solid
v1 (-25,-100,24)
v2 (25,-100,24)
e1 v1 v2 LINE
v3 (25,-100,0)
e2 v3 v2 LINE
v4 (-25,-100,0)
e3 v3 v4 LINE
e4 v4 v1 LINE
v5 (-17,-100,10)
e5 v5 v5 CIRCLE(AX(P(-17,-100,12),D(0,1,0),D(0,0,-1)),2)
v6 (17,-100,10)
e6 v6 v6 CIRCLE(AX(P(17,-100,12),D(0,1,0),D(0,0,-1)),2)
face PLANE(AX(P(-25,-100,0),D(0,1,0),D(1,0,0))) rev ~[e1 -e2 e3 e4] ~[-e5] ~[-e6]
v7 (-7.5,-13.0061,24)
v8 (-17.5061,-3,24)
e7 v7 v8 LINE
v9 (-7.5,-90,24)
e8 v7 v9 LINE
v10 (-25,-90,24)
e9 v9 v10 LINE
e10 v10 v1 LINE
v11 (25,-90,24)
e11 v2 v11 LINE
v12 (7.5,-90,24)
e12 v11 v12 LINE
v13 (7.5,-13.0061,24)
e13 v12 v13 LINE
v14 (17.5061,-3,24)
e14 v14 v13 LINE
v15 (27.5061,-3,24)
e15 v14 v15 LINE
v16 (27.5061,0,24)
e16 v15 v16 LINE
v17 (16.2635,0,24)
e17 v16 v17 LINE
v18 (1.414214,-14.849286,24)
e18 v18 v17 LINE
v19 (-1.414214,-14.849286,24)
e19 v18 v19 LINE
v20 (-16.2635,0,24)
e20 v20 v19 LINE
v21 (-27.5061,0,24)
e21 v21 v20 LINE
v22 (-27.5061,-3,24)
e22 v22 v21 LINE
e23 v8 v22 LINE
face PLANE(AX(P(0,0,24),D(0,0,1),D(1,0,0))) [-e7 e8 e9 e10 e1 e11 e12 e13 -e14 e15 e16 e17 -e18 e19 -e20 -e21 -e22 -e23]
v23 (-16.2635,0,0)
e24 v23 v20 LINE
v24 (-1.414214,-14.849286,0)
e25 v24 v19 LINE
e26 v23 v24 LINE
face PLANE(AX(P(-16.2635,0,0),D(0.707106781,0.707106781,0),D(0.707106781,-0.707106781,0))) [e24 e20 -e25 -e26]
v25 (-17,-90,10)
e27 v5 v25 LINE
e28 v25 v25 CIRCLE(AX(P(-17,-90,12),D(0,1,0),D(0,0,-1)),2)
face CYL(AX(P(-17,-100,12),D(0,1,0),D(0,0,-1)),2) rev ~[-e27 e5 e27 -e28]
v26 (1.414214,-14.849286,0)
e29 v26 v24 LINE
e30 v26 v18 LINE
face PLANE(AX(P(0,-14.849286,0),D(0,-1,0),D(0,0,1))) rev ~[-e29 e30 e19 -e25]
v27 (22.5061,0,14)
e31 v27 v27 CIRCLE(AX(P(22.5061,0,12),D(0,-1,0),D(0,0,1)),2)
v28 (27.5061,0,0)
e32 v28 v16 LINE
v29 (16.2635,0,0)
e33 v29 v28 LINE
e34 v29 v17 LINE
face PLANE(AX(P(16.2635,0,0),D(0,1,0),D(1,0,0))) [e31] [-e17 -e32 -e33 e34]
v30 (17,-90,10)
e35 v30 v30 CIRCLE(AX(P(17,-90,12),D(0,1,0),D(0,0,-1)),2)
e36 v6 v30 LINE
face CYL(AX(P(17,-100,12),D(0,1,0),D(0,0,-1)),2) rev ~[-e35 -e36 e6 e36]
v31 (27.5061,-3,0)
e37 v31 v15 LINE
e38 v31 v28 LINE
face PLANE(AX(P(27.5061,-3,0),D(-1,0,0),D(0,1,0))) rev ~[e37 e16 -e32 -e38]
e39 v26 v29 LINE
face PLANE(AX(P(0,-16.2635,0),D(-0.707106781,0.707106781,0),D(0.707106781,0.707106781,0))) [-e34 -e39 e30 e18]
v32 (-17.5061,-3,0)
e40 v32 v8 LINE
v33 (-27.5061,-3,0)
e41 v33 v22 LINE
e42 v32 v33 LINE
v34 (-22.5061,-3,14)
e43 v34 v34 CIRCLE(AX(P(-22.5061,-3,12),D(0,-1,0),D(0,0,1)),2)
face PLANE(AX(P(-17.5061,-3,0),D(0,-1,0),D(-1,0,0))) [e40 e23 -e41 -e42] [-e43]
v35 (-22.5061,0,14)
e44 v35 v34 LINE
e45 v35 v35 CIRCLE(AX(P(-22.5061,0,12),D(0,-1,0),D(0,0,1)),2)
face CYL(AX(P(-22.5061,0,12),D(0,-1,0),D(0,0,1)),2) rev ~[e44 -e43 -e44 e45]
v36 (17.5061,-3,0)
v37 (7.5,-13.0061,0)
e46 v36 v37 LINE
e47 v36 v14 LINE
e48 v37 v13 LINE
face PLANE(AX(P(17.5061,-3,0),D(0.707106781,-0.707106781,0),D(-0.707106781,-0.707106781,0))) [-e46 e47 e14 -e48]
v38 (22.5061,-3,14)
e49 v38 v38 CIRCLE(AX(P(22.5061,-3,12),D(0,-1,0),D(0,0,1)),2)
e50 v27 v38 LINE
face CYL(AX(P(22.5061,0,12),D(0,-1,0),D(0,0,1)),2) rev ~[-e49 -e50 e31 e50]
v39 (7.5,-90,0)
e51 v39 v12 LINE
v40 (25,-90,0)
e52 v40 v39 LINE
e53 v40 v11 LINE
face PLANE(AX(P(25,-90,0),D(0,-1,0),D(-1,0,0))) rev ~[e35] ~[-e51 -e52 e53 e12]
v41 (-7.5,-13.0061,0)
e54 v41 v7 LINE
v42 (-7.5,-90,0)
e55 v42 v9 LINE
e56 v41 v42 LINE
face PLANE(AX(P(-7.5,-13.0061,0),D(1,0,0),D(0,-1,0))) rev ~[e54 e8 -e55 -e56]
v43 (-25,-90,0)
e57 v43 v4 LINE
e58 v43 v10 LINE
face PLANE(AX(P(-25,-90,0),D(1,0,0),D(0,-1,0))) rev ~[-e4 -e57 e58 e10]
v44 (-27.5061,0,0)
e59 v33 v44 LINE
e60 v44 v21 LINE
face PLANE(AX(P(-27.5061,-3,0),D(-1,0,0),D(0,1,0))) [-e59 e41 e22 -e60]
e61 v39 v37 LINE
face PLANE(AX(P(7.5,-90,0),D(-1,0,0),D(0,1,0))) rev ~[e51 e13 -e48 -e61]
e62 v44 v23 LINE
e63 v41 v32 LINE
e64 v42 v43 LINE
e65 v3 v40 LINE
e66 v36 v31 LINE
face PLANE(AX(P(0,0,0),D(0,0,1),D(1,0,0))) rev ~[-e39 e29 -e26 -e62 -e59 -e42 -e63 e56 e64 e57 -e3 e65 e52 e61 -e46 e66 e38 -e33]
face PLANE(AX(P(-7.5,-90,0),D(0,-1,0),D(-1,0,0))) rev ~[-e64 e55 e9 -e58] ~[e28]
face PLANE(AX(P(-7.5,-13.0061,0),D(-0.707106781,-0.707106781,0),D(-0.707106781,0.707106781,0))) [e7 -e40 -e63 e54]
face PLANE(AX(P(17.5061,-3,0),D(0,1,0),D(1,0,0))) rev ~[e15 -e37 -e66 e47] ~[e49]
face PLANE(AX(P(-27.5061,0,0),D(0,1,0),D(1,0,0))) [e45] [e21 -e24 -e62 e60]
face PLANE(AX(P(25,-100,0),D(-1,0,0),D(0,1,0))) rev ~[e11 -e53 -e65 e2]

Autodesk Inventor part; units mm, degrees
ref_plane "YZ Plane" through (0, 0, 0) normal (1, 0, 0) x (0, 1, 0)
ref_plane "XZ Plane" through (0, 0, 0) normal (0, 1, 0) x (-1, 0, 0)
ref_plane "XY Plane" through (0, 0, 0) normal (0, 0, 1) x (1, 0, 0)
sketch "Sketch1" plane through (0, 0, 0) normal (0, 0, 1) x (1, 0, 0)
  line L0 (0, -124.1012) -> (0, 44.6073) projected
  line L1 (0, 44.6073) -> (0, -124.1012) projected
  line L2 (-38.5085, 0) -> (38.5085, 0) projected
  line L3 (0, -16.2635) -> (16.2635, 0)
  line L4 (16.2635, 0) -> (0, 16.2635)
  line L5 (0, 16.2635) -> (-16.2635, 0)
  line L6 (-16.2635, 0) -> (0, -16.2635)
  line L7 (0, -16.2635) -> (0, 16.2635) construction
  line L8 (16.2635, 0) -> (-16.2635, 0) construction
  line L9 (0, -16.2635) -> (23, -16.2635) construction
  line L10 (0, -20.5061) -> (-17.5061, -3)
  line L11 (-17.5061, -3) -> (-27.5061, -3)
  line L12 (-27.5061, -3) -> (-27.5061, 3)
  line L13 (-27.5061, 3) -> (-17.5061, 3)
  line L14 (-17.5061, 3) -> (0, 20.5061)
  line L15 (0, 20.5061) -> (17.5061, 3)
  line L16 (17.5061, -3) -> (0, -20.5061)
  line L17 (-38.5085, 0) -> (38.5085, 0) projected
  line L18 (-27.5061, 0) -> (-16.2635, 0)
  line L19 (16.2635, 0) -> (23.5061, 0)
  line L20 (17.5061, -3) -> (27.5061, -3)
  line L21 (27.5061, -3) -> (27.5061, 3)
  line L22 (27.5061, 3) -> (17.5061, 3)
  line L23 (16.2635, 0) -> (27.5061, 0)
  line L24 (-7.5, -13.0061) -> (-7.5, -90)
  line L25 (-7.5, -90) -> (-25, -90)
  line L26 (-25, -90) -> (-25, -100)
  line L27 (-25, -100) -> (25, -100)
  line L28 (25, -100) -> (25, -90)
  line L29 (25, -90) -> (7.5, -90)
  line L30 (7.5, -90) -> (7.5, -13.0061)
  point P0 (0, 0)
  point P1 (-16.2635, 0)
  point P2 (16.2635, 0)
  point P3 (27.5061, 0)
  point P4 (16.2635, 0)
  point P5 (-16.2635, 0)
  dimension "d34" = 23
  dimension "d35" = 45
  dimension "d36" = 23
  dimension "d37" = 3
  dimension "d38" = 3
  dimension "d39" = 45
  dimension "d41" = 6
  dimension "d49" = 10
  dimension "d50" = 6
  dimension "d51" = 3
  dimension "d52" = 10
  dimension "d69" = 15
  dimension "d70" = 50
  dimension "d71" = 10
  dimension "d72" = 100
extrude "Extrusion3" add sketch "Sketch1" along normal blind 24 contours L10 L11 L12 L2 L6 L0 | L16 L30 L29 L28 L27 L0 | L0 L27 L26 L25 L24 L10 | L0 L3 L2 L21 L20 L16
sketch "Sketch4" plane through (-27.5061, 0, 0) normal (0, 1, 0) x (1, 0, 0)
  line L0 (11.2426, 0) -> (0, 0) projected
  line L1 (55.0122, 0) -> (43.7696, 0) projected
  line L2 (0, 0) -> (0, -24) projected
  line L3 (55.0122, 0) -> (55.0122, -24) projected
  point P0 (27.5061, 0)
  point P1 (5, -12)
  point P2 (50.0122, -12)
  dimension "d75" = 12
  dimension "d76" = 12
  dimension "d77" = 5
  dimension "d78" = 5
hole "Hole2" at (-22.5061, 0, 12) at (22.5061, 0, 12) direction (0, -1, 0) diameter 4 depth 3
chamfer "Chamfer2" distance 2 angle 45 1 edges at (0, -16.2635, 12)
sketch "Sketch5" plane through (-25, -100, 0) normal (0, -1, 0) x (1, 0, 0)
  line L0 (-2.5061, 0) -> (-2.5061, 24) projected
  line L1 (52.5061, 0) -> (52.5061, 24) projected
  line L2 (0, 24) -> (50, 24) projected
  line L3 (0, 0) -> (0, 24) projected
  line L4 (50, 0) -> (50, 24) projected
  point P0 (25, 0)
  point P1 (8, 12)
  point P2 (42, 12)
  dimension "d91" = 12
  dimension "d92" = 12
  dimension "d93" = 8
  dimension "d94" = 8
hole "Hole3" at (-17, -100, 12) at (17, -100, 12) direction (0, 1, 0) diameter 4 depth 10
properties part number "Fan_bottom_3DPrint"
